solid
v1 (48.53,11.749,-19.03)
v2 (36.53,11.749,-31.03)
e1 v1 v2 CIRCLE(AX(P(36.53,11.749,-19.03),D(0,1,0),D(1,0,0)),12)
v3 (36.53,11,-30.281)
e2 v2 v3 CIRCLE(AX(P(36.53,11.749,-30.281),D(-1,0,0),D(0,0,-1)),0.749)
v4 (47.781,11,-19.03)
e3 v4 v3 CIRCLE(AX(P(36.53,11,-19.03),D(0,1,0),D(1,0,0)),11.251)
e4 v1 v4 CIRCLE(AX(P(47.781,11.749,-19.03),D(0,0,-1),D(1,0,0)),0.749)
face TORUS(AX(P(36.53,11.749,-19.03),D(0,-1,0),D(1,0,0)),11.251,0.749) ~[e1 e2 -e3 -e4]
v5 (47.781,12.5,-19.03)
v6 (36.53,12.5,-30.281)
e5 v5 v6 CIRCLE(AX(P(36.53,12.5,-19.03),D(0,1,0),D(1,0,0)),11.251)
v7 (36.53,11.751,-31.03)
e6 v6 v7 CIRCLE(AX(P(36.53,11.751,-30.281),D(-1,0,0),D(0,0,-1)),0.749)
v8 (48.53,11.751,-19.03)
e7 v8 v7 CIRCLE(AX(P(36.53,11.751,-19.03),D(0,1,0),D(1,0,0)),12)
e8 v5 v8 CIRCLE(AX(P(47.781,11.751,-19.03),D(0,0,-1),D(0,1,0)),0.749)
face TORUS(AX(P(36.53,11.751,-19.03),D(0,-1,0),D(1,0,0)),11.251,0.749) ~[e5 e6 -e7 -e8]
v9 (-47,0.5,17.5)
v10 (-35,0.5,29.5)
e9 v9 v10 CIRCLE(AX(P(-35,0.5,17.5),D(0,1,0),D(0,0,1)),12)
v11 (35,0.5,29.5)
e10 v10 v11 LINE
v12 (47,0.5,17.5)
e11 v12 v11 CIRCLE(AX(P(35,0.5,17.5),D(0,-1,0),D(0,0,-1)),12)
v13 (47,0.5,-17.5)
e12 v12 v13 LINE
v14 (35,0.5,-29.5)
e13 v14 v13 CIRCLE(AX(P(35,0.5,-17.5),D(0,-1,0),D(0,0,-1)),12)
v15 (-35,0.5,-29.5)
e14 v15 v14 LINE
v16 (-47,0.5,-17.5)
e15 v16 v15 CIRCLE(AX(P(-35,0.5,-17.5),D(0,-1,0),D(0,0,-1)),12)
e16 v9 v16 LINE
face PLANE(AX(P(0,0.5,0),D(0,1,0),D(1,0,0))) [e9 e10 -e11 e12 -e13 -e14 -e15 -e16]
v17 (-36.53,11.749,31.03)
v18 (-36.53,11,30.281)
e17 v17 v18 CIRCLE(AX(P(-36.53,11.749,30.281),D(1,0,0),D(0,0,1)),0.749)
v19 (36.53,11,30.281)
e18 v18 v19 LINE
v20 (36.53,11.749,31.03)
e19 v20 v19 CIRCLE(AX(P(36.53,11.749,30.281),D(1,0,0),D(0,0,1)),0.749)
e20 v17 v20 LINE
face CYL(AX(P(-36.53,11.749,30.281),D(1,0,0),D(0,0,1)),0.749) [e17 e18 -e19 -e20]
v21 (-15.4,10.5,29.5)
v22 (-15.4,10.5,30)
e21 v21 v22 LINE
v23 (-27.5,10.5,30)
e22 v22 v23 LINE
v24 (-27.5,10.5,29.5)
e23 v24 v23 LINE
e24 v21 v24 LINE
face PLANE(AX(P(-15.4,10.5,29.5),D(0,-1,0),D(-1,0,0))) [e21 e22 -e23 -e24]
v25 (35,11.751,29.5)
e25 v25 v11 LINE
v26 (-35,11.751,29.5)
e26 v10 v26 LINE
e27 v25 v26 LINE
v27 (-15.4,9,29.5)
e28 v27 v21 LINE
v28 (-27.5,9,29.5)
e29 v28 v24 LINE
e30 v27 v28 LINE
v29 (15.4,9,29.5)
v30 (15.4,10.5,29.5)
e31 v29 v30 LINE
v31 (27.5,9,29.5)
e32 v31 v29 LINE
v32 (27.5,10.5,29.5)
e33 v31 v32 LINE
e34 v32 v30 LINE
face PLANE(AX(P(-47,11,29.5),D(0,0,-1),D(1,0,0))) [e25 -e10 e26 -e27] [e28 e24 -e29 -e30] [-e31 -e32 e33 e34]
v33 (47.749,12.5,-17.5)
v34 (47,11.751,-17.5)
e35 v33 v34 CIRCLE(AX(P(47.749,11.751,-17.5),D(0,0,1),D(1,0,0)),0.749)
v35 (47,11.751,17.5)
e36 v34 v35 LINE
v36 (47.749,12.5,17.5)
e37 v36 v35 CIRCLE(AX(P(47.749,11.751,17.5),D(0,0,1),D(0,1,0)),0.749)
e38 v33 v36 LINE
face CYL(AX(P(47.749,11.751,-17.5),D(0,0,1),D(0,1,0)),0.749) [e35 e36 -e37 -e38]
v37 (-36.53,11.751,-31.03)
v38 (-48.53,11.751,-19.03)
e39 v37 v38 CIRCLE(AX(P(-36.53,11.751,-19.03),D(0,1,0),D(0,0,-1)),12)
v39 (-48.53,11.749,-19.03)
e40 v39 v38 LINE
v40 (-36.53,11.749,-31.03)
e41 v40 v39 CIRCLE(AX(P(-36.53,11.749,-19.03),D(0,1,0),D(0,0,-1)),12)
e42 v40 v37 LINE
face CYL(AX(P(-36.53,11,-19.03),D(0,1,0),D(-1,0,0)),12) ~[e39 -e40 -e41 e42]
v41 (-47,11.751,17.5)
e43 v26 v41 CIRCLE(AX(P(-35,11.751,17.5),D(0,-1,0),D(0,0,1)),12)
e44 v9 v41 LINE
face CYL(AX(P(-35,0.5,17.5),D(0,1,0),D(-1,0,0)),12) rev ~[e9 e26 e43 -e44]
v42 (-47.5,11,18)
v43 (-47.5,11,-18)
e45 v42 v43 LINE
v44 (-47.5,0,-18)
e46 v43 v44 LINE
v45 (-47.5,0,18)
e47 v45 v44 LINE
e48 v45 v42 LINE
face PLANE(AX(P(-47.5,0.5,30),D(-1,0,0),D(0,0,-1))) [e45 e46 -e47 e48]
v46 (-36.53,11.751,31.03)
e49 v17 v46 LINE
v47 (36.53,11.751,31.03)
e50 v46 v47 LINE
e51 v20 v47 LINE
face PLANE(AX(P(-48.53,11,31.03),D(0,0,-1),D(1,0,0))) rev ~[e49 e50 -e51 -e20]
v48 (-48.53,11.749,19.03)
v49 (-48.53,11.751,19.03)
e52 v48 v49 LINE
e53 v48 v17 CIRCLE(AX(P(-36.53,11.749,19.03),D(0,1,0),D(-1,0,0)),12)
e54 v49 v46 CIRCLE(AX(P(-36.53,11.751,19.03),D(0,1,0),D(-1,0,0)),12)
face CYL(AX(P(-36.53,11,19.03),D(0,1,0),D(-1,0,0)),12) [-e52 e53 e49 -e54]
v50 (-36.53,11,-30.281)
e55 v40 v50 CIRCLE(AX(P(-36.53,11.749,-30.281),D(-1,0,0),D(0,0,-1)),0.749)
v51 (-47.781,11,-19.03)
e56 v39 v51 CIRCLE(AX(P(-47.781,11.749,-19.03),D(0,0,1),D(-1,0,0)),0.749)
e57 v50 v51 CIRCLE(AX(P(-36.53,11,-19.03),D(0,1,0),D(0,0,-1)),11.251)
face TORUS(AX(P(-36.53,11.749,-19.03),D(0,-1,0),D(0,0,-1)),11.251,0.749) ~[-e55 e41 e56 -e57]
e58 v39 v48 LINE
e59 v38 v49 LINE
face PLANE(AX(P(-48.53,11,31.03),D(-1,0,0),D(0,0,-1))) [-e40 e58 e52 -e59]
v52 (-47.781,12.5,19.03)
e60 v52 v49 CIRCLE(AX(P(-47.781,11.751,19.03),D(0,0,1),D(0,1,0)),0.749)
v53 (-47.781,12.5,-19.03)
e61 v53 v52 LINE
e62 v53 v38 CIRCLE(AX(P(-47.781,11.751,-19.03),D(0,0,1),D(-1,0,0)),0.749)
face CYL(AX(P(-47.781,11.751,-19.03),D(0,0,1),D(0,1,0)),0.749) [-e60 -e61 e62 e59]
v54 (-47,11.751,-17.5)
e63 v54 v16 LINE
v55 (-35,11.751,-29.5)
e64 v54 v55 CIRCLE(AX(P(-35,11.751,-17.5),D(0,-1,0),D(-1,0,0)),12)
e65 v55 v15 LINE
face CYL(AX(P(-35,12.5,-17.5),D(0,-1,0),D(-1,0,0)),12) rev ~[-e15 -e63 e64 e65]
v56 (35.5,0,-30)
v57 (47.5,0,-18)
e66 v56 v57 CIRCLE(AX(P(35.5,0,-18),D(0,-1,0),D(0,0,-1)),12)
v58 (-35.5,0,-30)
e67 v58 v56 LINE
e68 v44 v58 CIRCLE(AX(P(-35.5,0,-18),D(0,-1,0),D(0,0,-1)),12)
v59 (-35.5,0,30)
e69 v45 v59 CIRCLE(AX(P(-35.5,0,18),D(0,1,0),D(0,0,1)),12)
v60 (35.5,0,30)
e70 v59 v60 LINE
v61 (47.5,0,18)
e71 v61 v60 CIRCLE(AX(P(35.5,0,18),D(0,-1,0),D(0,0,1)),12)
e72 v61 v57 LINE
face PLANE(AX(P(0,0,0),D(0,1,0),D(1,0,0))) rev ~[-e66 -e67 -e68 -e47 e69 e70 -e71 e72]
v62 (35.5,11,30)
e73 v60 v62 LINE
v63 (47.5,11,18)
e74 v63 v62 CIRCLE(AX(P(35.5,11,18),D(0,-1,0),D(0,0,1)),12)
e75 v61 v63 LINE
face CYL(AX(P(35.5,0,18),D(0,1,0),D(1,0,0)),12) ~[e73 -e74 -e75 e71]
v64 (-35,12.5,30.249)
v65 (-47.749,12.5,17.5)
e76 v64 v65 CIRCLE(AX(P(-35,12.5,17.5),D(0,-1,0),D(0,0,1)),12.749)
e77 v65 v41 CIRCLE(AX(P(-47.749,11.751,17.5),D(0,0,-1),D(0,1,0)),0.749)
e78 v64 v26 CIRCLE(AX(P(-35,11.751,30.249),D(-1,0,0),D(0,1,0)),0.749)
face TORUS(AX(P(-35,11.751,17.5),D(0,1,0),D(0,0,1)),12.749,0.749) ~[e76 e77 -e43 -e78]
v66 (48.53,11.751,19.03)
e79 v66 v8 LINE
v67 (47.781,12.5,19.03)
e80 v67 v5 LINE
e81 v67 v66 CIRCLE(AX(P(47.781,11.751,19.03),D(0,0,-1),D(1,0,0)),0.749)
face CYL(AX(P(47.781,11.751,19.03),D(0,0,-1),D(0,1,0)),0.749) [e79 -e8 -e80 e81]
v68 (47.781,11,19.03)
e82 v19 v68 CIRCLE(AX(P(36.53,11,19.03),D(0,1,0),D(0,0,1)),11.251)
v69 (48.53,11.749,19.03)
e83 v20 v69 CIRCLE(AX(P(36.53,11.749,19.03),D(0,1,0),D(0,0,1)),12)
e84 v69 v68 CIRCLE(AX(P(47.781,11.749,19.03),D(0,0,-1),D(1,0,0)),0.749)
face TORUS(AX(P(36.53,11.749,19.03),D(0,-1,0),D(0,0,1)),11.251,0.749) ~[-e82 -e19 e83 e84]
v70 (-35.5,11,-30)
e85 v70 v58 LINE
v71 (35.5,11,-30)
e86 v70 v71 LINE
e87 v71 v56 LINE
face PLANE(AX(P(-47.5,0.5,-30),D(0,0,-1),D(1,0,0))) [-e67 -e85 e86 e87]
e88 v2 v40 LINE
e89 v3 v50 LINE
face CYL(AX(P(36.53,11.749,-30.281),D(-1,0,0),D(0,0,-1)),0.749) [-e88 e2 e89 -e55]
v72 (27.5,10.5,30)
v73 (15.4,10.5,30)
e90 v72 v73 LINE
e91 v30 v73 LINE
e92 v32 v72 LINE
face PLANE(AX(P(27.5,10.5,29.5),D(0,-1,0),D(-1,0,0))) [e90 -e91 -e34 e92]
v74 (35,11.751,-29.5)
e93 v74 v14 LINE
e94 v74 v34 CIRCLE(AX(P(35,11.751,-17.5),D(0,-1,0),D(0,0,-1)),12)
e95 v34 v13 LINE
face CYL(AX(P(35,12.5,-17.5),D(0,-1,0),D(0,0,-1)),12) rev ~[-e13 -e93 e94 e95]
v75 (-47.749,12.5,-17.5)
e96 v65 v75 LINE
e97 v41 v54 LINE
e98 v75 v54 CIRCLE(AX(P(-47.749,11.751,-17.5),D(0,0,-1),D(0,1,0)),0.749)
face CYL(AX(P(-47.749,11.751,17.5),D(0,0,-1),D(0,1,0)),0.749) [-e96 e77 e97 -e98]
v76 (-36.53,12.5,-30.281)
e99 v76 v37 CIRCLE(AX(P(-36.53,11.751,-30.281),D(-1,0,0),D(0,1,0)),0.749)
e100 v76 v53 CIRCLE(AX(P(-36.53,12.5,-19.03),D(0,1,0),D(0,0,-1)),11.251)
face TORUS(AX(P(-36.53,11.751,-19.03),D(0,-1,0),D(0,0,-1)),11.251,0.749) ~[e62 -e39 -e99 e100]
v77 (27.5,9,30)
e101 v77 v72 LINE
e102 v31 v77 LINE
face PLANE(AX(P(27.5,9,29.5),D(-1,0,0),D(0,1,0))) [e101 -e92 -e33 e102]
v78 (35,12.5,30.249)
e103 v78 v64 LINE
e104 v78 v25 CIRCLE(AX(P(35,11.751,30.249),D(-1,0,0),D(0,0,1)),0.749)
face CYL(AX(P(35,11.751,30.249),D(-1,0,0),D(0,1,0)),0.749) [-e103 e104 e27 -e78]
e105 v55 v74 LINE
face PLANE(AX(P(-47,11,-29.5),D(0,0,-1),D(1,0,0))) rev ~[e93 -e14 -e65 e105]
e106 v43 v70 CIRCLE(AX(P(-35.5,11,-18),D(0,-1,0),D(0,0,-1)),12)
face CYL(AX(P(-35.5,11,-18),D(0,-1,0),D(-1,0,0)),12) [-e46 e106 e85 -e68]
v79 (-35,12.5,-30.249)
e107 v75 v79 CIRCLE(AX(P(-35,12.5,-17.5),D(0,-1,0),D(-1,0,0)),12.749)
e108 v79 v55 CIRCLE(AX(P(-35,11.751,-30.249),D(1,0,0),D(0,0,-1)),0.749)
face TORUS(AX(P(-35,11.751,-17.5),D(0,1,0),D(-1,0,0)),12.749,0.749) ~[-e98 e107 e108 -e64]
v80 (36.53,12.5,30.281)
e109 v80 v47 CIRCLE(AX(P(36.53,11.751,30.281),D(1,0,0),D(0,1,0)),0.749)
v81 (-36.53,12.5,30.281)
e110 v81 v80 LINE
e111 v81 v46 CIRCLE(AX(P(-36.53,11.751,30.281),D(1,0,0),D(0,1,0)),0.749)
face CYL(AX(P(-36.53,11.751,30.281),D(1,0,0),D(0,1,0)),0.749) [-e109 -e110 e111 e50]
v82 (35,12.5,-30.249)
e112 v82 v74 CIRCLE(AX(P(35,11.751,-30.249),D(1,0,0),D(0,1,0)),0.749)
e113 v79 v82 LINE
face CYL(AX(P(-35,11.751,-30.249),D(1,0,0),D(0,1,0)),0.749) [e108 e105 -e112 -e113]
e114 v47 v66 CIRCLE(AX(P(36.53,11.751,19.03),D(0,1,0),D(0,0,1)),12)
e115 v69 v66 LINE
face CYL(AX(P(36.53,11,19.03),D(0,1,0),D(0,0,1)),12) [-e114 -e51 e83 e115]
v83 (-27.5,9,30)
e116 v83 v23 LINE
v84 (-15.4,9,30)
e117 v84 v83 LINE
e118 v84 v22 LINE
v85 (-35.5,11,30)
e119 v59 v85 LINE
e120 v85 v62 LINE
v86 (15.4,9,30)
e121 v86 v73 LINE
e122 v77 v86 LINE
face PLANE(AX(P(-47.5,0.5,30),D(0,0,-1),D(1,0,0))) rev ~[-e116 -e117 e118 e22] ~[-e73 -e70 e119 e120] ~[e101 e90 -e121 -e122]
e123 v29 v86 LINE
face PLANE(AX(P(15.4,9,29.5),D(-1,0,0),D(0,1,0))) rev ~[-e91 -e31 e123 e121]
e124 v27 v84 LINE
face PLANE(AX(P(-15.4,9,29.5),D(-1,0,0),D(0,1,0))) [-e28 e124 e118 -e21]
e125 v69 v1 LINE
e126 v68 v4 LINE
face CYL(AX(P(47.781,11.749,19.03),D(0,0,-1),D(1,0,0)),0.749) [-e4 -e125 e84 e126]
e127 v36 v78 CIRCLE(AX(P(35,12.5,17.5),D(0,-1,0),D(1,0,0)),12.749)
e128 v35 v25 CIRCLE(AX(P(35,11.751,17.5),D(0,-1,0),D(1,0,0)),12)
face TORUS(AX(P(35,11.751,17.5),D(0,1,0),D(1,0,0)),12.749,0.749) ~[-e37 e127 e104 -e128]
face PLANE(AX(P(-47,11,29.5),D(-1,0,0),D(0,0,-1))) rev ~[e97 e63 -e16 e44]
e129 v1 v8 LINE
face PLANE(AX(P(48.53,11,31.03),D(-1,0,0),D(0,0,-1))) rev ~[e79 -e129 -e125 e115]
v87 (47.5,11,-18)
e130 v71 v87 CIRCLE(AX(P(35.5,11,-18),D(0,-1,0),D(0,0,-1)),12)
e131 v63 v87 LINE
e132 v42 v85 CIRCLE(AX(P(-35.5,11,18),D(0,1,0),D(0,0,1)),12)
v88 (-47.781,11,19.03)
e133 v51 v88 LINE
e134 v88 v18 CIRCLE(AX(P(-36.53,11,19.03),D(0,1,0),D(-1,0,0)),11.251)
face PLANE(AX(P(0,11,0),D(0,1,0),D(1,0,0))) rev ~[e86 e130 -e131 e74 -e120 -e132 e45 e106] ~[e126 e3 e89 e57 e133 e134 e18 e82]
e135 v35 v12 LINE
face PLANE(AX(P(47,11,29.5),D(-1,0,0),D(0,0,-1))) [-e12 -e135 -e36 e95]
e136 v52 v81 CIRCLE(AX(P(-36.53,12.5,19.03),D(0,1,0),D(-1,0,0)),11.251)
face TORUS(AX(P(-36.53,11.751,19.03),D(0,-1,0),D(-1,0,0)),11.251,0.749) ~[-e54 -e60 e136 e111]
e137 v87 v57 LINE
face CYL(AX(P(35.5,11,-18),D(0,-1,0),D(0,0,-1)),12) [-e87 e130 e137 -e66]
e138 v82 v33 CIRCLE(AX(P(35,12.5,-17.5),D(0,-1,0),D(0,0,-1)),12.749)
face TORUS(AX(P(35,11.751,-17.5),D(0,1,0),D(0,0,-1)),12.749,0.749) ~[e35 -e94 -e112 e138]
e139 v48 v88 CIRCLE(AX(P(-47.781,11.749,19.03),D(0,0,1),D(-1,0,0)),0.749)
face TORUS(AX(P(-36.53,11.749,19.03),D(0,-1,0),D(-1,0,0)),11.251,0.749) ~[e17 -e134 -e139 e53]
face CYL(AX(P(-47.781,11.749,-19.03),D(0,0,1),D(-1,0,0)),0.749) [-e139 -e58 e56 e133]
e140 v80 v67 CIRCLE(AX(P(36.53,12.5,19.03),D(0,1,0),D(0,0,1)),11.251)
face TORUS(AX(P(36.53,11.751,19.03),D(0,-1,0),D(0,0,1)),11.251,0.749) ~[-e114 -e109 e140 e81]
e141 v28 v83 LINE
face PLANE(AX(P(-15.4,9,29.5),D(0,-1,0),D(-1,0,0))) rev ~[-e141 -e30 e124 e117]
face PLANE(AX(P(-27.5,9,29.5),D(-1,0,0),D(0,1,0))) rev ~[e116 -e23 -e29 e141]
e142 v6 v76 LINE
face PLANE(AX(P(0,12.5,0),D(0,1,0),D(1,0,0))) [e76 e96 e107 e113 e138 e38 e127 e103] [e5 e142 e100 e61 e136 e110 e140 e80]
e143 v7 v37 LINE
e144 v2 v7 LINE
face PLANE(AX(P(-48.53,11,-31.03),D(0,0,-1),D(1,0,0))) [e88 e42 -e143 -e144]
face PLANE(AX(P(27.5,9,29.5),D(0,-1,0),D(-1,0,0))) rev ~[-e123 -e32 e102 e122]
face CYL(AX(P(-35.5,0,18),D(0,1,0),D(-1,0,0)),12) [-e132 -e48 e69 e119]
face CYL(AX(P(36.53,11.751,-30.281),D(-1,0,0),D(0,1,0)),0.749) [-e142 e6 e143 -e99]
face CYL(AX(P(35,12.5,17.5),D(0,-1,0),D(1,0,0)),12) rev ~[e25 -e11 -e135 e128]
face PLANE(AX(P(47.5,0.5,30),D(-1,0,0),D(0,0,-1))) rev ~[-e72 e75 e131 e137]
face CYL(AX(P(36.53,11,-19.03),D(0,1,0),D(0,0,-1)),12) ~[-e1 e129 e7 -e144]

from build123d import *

# Parameters (mm, degrees)
SKETCH1_W           = 95
SKETCH1_H           = 60
BOSS_EXTRUDE1_DEPTH = 0.5
SKETCH2_W           = 95
SKETCH2_H           = 60
SKETCH2_W_2         = 94
SKETCH2_H_2         = 59
BOSS_EXTRUDE2_DEPTH = 10.5
SKETCH3_W           = 97.06
SKETCH3_H           = 62.06
SKETCH3_W_2         = 94
SKETCH3_H_2         = 59
BOSS_EXTRUDE3_DEPTH = 1.5
FILLET2_R           = 12
FILLET3_R           = 12
FILLET4_R           = 0.749
SKETCH4_W           = 12.1
SKETCH4_H           = 1.5
CUT_EXTRUDE1_DEPTH  = 0.5


with BuildPart() as part:
    # Sketch1 → Boss-Extrude1 (new body)
    with BuildSketch(Plane(origin=(0, 0, 0), x_dir=(1, 0, 0), z_dir=(0, 1, 0))):
        Rectangle(SKETCH1_W, SKETCH1_H)
    extrude(amount=BOSS_EXTRUDE1_DEPTH)

    # Sketch2 → Boss-Extrude2 (add)
    with BuildSketch(Plane(origin=(0, 0.5, 0), x_dir=(1, 0, 0), z_dir=(0, 1, 0))):
        Rectangle(SKETCH2_W, SKETCH2_H)
        Rectangle(SKETCH2_W_2, SKETCH2_H_2, mode=Mode.SUBTRACT)
    extrude(amount=BOSS_EXTRUDE2_DEPTH)

    # Sketch3 → Boss-Extrude3 (add)
    with BuildSketch(Plane(origin=(0, 11, 0), x_dir=(1, 0, 0), z_dir=(0, 1, 0))):
        Rectangle(SKETCH3_W, SKETCH3_H)
        Rectangle(SKETCH3_W_2, SKETCH3_H_2, mode=Mode.SUBTRACT)
    extrude(amount=BOSS_EXTRUDE3_DEPTH)

    # Fillet2
    fillet2_edges = [part.edges().sort_by_distance(p)[0] for p in [
        (-47, 6.5, 29.5),
        (47, 6.5, -29.5),
        (47, 6.5, 29.5),
        (-47.5, 5.5, -30),
    ]]
    fillet(fillet2_edges, radius=FILLET2_R)

    # Fillet3
    fillet3_edges = [part.edges().sort_by_distance(p)[0] for p in [
        (-47, 6.5, -29.5),
        (-48.53, 11.75, -31.03),
        (-48.53, 11.75, 31.03),
        (48.53, 11.75, 31.03),
        (48.53, 11.75, -31.03),
        (47.5, 5.5, -30),
        (47.5, 5.5, 30),
        (-47.5, 5.5, 30),
    ]]
    fillet(fillet3_edges, radius=FILLET3_R)

    # Fillet4
    fillet4_edges = [part.edges().sort_by_distance(p)[0] for p in [
        (0, 11, 31.03),
        (0, 12.5, 31.03),
        (-48.53, 11, 0),
        (-48.53, 12.5, 0),
        (48.53, 12.5, 0),
        (0, 12.5, -31.03),
        (-47, 12.5, 0),
        (45.015281374, 12.5, 27.515281374),
        (45.015281374, 12.5, -27.515281374),
        (-45.015281374, 12.5, 27.515281374),
        (0, 11, -31.03),
        (48.53, 11, 0),
        (-45.015281374, 11, -27.515281374),
        (-43.485281374, 12.5, -25.985281374),
        (45.015281374, 11, 27.515281374),
        (45.015281374, 11, -27.515281374),
        (-45.015281374, 11, 27.515281374),
        (-45.015281374, 12.5, -27.515281374),
        (47, 12.5, 0),
        (0, 12.5, -29.5),
        (0, 12.5, 29.5),
        (43.485281374, 12.5, -25.985281374),
        (43.485281374, 12.5, 25.985281374),
        (-43.485281374, 12.5, 25.985281374),
    ]]
    fillet(fillet4_edges, radius=FILLET4_R)

    # Sketch4 → Cut-Extrude1 (cut)
    with BuildSketch(Plane(origin=(0, 0, 29.5), x_dir=(-1, 0, 0), z_dir=(0, 0, -1))):
        with Locations((-21.45, 9.75)):
            Rectangle(SKETCH4_W, SKETCH4_H)
        with Locations((21.45, 9.75)):
            Rectangle(SKETCH4_W, SKETCH4_H)
    extrude(amount=-CUT_EXTRUDE1_DEPTH, mode=Mode.SUBTRACT)


solid = part.part
